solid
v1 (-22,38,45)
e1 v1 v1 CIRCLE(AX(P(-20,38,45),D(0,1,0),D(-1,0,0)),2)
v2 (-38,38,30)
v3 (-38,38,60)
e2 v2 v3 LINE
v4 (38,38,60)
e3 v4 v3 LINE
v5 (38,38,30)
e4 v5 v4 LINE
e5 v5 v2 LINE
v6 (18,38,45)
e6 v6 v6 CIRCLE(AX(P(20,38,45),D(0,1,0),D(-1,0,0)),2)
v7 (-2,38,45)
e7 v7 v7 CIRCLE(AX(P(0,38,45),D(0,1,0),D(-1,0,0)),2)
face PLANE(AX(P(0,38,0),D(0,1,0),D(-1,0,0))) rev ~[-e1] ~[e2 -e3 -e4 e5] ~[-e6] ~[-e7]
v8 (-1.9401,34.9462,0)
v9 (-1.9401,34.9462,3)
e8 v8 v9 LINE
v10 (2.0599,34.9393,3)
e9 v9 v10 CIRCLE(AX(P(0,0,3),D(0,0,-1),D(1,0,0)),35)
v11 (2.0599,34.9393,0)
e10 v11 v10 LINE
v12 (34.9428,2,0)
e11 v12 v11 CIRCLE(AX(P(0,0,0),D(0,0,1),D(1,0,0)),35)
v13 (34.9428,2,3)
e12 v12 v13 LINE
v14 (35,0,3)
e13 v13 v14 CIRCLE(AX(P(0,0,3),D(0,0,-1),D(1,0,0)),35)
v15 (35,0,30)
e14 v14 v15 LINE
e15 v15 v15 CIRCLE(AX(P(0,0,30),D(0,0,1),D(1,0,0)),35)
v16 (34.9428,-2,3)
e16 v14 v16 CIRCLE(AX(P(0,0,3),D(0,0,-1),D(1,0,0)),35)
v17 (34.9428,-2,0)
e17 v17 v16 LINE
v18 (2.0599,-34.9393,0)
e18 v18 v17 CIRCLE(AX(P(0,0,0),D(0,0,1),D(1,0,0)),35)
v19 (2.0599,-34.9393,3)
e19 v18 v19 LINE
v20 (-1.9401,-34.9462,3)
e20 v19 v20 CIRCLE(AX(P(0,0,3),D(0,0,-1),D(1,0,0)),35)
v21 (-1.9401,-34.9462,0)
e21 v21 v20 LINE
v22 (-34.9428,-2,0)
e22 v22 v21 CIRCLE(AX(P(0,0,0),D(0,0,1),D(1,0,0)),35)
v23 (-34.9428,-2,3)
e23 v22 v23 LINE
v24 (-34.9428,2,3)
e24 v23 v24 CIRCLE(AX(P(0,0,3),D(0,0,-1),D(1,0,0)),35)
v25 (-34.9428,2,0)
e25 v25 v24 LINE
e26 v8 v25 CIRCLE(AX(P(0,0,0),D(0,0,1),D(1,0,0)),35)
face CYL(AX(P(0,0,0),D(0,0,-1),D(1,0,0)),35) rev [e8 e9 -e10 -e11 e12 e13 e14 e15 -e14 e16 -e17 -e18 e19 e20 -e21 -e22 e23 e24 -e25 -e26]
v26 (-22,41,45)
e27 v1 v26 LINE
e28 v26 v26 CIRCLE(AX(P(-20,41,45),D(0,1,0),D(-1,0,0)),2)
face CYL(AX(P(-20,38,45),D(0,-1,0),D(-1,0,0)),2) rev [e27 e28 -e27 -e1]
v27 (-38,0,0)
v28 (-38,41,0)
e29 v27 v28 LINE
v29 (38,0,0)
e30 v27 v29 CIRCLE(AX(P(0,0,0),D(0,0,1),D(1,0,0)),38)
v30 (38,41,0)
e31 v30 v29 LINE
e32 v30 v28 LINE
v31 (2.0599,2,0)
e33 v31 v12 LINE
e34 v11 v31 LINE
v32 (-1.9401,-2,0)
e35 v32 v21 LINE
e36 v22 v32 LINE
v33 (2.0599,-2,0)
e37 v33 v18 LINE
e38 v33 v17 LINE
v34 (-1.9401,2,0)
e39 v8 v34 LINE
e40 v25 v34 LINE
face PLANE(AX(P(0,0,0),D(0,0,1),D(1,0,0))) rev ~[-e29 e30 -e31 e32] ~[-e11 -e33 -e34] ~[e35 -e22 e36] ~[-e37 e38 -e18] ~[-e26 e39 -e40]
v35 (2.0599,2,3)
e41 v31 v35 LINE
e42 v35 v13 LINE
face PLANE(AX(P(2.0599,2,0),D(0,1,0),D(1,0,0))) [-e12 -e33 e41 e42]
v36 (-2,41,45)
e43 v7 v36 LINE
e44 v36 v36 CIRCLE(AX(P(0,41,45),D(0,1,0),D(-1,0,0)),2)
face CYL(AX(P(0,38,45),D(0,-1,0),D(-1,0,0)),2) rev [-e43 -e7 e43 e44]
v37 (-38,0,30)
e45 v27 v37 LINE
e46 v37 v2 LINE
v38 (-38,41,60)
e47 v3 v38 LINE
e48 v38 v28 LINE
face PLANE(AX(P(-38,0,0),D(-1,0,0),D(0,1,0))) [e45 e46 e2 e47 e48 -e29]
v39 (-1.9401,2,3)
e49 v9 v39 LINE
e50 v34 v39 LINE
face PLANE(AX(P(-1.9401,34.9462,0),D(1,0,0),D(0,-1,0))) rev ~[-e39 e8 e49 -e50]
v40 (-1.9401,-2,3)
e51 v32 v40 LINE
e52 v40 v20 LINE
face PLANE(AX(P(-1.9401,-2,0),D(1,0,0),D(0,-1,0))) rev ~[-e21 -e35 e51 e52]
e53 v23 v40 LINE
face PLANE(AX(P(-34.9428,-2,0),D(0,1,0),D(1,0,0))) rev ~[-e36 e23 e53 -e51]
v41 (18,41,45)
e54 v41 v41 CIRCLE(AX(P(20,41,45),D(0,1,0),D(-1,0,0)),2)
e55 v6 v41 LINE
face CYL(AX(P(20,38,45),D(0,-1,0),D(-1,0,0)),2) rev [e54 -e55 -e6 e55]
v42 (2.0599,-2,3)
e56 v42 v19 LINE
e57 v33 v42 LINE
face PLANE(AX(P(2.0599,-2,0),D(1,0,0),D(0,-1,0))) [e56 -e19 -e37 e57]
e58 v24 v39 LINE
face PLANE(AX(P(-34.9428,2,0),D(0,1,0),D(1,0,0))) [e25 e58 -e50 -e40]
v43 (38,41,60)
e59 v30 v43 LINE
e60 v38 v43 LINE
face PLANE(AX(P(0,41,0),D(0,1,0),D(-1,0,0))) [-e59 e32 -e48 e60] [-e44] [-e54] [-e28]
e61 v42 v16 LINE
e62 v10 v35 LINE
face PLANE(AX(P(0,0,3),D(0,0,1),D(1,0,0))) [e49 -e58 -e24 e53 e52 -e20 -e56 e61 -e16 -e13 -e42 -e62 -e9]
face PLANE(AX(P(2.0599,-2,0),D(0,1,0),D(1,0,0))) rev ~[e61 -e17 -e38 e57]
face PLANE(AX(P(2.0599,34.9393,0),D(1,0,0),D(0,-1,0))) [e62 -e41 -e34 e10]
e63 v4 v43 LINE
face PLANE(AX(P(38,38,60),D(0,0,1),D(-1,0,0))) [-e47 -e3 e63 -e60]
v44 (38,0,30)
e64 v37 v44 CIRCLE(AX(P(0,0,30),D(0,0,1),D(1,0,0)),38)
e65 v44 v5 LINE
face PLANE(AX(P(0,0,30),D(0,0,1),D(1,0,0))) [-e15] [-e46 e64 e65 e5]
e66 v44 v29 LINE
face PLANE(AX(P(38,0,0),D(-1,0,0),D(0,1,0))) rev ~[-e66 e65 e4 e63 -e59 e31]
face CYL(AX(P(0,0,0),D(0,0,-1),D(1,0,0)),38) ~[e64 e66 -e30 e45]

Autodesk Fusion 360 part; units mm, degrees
sketch "Sketch1" plane through (0, 0, 0) normal (0, 0, 1) x (1, 0, 0)
  circle A0 centre (0, 0) radius 35
  circle A1 centre (0, 0) radius 38
  line L0 (-38, 0) -> (-38, 38)
  line L1 (-38, 38) -> (0, 38)
  line L2 (0, 1.75) -> (0, 22.5)
  line L3 (38, 38) -> (0, 38)
  line L4 (38, 0) -> (38, 38)
  line L5 (2.0599, 34.9393) -> (2.0599, 2)
  line L6 (2.0599, -2) -> (2.0599, -34.9393)
  line L7 (-34.9428, 2) -> (-1.9401, 2)
  line L8 (2.0599, 2) -> (34.9428, 2)
  line L9 (-1.9401, 34.9462) -> (-1.9401, 2)
  line L10 (-1.9401, -2) -> (-1.9401, -34.9462)
  line L11 (-34.9428, -2) -> (-1.9401, -2)
  line L12 (2.0599, -2) -> (34.9428, -2)
  dimension "d1" = 70
  dimension "d2" = 3
  dimension "d27" = 38
  dimension "d28" = 38
extrude "Extrude1" add sketch "Sketch1" along normal blind 3 contours A0 L5 L6 L7 L8 L9 L10 L11 L12 | A1 | A1 L3 L4 | A1 L0 L1
sketch "Sketch3" plane through (0, 38, 0) normal (0, 1, 0) x (-1, 0, 0)
  line L0 (-38, 0) -> (38, 0)
  line L1 (38, 0) -> (38, 3)
  line L2 (38, 3) -> (-38, 3)
  line L3 (-38, 0) -> (38, 0)
  line L4 (38, 0) -> (38, 60)
  line L5 (38, 60) -> (0, 60)
  circle A0 centre (-20, 45) radius 2
  circle A1 centre (0, 45) radius 2
  circle A2 centre (20, 45) radius 2
  line L6 (-38, 60) -> (0, 60)
  line L7 (-38, 0) -> (-38, 60)
  line L8 (-38, 0) -> (38, 0)
  line L9 (-38, 3) -> (-38, 0)
  dimension "d9" = 60
  dimension "d10" = 38
  dimension "d11" = 4
extrude "Extrude4" add sketch "Sketch3" along normal blind 3
extrude "Extrude5" add sketch "Sketch1" along normal blind 30
